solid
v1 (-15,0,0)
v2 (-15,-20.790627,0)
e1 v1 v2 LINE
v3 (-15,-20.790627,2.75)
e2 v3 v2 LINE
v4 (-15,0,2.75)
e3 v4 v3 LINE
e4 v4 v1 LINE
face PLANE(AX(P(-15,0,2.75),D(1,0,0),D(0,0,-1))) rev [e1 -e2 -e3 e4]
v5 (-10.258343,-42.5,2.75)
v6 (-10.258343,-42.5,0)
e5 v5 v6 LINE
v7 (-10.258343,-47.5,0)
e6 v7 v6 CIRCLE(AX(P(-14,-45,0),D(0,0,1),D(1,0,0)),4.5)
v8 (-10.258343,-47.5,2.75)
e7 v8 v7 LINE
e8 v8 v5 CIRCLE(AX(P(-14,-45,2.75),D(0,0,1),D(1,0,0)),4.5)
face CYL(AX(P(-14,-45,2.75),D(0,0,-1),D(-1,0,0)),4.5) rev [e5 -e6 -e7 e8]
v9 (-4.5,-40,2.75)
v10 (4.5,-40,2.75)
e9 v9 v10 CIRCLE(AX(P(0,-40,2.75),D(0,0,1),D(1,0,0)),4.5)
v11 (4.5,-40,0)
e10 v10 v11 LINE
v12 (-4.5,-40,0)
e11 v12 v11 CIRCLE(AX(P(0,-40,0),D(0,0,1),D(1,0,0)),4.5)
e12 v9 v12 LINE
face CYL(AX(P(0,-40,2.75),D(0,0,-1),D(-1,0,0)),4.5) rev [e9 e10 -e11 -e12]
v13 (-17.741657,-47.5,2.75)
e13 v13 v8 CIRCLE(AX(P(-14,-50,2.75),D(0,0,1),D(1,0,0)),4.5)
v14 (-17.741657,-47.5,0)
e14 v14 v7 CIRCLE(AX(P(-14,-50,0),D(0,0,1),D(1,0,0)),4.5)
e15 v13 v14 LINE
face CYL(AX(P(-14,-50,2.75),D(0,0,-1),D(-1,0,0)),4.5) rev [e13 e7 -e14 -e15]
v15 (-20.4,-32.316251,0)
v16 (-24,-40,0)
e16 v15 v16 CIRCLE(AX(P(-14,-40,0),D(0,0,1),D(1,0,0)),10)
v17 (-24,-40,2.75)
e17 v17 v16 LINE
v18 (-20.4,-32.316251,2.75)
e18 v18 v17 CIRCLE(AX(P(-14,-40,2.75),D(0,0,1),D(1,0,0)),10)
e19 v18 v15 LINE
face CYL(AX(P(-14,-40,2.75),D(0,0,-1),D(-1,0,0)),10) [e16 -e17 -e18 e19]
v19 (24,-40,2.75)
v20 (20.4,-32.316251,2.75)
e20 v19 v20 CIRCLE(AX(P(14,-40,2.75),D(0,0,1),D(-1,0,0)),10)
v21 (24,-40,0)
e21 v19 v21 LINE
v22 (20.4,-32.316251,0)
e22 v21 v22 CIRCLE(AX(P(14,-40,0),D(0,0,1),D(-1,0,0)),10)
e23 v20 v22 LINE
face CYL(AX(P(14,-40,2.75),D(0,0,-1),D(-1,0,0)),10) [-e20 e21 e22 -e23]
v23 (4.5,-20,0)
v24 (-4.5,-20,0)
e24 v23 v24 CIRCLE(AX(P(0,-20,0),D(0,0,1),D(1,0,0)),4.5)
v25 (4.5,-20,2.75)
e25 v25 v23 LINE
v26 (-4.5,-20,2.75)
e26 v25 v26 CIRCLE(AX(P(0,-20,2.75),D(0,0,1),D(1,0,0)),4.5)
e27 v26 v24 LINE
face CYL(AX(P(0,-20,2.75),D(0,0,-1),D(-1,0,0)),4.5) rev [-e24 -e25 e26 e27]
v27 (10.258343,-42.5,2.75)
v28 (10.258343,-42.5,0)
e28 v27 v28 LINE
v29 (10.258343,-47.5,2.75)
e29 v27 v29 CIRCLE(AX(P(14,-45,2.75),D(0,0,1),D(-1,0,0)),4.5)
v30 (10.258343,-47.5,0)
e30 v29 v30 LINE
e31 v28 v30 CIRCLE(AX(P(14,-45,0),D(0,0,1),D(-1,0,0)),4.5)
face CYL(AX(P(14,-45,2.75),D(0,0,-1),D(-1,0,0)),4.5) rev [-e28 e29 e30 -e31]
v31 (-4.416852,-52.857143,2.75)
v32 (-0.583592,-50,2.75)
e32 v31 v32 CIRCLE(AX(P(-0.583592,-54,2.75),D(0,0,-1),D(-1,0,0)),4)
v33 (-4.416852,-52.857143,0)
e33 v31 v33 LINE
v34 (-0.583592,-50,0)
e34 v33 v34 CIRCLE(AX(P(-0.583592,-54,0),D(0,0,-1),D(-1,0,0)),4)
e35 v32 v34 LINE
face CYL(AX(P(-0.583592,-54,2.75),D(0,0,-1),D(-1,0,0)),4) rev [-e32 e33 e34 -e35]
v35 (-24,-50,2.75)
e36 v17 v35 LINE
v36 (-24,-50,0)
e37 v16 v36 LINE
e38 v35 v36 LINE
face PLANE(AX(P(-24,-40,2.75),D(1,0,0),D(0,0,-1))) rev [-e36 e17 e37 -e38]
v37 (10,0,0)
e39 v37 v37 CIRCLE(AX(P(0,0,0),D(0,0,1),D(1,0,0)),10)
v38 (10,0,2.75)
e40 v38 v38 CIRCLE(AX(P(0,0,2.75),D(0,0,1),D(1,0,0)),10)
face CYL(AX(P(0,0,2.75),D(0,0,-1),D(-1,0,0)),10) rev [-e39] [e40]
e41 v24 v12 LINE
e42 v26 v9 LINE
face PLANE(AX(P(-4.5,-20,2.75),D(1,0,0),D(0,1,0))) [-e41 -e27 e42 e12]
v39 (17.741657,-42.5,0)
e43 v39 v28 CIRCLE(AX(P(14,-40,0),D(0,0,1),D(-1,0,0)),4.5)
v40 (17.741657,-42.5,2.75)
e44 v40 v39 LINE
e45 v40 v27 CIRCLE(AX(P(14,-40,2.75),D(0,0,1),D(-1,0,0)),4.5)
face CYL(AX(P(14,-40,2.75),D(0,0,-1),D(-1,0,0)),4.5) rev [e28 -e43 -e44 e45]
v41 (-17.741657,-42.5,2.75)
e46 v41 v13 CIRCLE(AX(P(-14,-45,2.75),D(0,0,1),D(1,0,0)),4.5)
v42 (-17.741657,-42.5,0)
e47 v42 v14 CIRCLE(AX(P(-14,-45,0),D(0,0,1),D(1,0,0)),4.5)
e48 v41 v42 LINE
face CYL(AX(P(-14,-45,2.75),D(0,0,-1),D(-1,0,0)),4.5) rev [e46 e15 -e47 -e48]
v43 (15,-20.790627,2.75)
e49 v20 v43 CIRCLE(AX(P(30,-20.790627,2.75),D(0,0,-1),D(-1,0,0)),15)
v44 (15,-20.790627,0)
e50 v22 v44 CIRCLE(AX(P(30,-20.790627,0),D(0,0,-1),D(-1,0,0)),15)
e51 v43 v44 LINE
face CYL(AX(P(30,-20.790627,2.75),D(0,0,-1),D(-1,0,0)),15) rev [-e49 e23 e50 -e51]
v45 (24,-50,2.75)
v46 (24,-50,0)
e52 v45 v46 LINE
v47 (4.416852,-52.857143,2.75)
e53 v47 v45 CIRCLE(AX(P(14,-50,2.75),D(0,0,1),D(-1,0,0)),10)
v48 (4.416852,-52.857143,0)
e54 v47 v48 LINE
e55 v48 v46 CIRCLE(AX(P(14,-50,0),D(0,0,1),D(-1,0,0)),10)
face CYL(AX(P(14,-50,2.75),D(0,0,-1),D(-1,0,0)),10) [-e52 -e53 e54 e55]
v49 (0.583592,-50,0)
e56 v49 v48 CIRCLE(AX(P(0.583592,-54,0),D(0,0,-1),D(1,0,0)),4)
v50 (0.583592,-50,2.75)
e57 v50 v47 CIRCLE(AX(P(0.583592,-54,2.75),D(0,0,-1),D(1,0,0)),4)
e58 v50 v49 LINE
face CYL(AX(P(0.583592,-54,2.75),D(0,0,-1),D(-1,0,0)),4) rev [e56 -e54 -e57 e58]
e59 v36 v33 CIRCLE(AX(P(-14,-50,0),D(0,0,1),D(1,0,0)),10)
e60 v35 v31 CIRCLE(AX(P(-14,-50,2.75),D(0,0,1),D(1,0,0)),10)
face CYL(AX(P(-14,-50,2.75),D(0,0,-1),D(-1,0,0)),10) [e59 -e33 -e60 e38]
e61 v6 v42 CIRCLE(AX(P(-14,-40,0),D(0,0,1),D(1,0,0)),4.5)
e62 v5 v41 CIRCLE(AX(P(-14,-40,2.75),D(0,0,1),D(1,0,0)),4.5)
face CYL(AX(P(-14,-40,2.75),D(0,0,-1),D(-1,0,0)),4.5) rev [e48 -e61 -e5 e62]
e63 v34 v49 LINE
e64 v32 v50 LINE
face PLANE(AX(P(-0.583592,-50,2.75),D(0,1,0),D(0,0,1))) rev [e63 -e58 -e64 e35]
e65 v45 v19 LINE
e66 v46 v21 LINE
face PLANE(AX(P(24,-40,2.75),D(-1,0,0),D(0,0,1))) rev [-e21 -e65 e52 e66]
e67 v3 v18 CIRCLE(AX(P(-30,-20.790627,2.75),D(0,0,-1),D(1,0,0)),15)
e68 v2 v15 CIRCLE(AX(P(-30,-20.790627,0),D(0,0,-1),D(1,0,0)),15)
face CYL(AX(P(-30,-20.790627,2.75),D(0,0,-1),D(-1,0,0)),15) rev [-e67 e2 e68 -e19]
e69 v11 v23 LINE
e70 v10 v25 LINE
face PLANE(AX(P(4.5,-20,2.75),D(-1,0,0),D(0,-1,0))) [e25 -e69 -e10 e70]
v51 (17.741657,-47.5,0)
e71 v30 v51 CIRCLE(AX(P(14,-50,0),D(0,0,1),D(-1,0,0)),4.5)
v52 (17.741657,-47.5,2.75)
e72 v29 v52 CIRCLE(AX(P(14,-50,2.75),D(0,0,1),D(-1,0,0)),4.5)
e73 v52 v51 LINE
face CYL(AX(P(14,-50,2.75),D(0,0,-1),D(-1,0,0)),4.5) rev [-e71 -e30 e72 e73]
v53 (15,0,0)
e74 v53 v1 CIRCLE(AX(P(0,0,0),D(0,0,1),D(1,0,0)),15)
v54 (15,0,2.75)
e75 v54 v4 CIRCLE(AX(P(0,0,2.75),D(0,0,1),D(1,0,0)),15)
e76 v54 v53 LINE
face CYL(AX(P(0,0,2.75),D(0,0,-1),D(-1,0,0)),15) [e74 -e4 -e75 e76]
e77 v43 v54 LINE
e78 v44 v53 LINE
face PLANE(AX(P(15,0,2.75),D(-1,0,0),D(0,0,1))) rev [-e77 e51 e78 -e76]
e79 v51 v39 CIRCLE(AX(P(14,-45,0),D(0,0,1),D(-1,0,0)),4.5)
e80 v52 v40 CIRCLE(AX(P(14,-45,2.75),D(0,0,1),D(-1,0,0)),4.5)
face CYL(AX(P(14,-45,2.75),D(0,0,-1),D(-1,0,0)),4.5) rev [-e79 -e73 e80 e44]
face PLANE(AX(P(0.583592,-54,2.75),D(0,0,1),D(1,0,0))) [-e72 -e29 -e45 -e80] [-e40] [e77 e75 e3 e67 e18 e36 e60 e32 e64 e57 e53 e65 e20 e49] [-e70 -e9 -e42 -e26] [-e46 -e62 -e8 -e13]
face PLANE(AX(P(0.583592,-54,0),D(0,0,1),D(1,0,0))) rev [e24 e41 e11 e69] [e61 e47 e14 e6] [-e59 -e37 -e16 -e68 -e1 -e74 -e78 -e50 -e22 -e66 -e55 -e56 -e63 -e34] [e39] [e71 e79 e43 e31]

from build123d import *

# Parameters (mm, degrees)
SKETCH_1_R      = 10
EXTRUDE_1_DEPTH = 2.75


with BuildPart() as part:
    # 草图1 → 凸台-拉伸1 (new body)
    with BuildSketch(Plane.XY):
        with BuildLine():
            Line((-24, -40), (-24, -50))
            ThreePointArc((-24, -50), (-15.443695821, -59.895238369), (-4.416851525, -52.857142857))
            ThreePointArc((-4.416851525, -52.857142857), (-2.974049354, -50.792865097), (-0.583592135, -50))
            Line((-0.583592135, -50), (0.583592135, -50))
            ThreePointArc((0.583592135, -50), (2.974049354, -50.792865097), (4.416851525, -52.857142857))
            ThreePointArc((4.416851525, -52.857142857), (15.443695821, -59.895238369), (24, -50))
            Line((24, -50), (24, -40))
            ThreePointArc((24, -40), (23.055385138, -35.757359313), (20.4, -32.316250915))
            ThreePointArc((20.4, -32.316250915), (16.416922293, -27.154588318), (15, -20.790627288))
            Line((15, -20.790627288), (15, 0))
            ThreePointArc((15, 0), (0, 15), (-15, 0))
            Line((-15, 0), (-15, -20.790627288))
            ThreePointArc((-15, -20.790627288), (-16.416922293, -27.154588318), (-20.4, -32.316250915))
            ThreePointArc((-20.4, -32.316250915), (-23.055385138, -35.757359313), (-24, -40))
        make_face()
        Circle(SKETCH_1_R, mode=Mode.SUBTRACT)
        with BuildLine():
            Line((-4.5, -20), (-4.5, -40))
            ThreePointArc((-4.5, -40), (0, -44.5), (4.5, -40))
            Line((4.5, -40), (4.5, -20))
            ThreePointArc((4.5, -20), (0, -15.5), (-4.5, -20))
        make_face(mode=Mode.SUBTRACT)
        with BuildLine():
            ThreePointArc((-17.741657387, -47.5), (-14, -54.5), (-10.258342613, -47.5))
            ThreePointArc((-10.258342613, -47.5), (-9.5, -45), (-10.258342613, -42.5))
            ThreePointArc((-10.258342613, -42.5), (-14, -35.5), (-17.741657387, -42.5))
            ThreePointArc((-17.741657387, -42.5), (-18.5, -45), (-17.741657387, -47.5))
        make_face(mode=Mode.SUBTRACT)
        with BuildLine():
            ThreePointArc((10.258342613, -47.5), (9.5, -45), (10.258342613, -42.5))
            ThreePointArc((10.258342613, -42.5), (14, -35.5), (17.741657387, -42.5))
            ThreePointArc((17.741657387, -42.5), (18.5, -45), (17.741657387, -47.5))
            ThreePointArc((17.741657387, -47.5), (14, -54.5), (10.258342613, -47.5))
        make_face(mode=Mode.SUBTRACT)
    extrude(amount=EXTRUDE_1_DEPTH)


solid = part.part
